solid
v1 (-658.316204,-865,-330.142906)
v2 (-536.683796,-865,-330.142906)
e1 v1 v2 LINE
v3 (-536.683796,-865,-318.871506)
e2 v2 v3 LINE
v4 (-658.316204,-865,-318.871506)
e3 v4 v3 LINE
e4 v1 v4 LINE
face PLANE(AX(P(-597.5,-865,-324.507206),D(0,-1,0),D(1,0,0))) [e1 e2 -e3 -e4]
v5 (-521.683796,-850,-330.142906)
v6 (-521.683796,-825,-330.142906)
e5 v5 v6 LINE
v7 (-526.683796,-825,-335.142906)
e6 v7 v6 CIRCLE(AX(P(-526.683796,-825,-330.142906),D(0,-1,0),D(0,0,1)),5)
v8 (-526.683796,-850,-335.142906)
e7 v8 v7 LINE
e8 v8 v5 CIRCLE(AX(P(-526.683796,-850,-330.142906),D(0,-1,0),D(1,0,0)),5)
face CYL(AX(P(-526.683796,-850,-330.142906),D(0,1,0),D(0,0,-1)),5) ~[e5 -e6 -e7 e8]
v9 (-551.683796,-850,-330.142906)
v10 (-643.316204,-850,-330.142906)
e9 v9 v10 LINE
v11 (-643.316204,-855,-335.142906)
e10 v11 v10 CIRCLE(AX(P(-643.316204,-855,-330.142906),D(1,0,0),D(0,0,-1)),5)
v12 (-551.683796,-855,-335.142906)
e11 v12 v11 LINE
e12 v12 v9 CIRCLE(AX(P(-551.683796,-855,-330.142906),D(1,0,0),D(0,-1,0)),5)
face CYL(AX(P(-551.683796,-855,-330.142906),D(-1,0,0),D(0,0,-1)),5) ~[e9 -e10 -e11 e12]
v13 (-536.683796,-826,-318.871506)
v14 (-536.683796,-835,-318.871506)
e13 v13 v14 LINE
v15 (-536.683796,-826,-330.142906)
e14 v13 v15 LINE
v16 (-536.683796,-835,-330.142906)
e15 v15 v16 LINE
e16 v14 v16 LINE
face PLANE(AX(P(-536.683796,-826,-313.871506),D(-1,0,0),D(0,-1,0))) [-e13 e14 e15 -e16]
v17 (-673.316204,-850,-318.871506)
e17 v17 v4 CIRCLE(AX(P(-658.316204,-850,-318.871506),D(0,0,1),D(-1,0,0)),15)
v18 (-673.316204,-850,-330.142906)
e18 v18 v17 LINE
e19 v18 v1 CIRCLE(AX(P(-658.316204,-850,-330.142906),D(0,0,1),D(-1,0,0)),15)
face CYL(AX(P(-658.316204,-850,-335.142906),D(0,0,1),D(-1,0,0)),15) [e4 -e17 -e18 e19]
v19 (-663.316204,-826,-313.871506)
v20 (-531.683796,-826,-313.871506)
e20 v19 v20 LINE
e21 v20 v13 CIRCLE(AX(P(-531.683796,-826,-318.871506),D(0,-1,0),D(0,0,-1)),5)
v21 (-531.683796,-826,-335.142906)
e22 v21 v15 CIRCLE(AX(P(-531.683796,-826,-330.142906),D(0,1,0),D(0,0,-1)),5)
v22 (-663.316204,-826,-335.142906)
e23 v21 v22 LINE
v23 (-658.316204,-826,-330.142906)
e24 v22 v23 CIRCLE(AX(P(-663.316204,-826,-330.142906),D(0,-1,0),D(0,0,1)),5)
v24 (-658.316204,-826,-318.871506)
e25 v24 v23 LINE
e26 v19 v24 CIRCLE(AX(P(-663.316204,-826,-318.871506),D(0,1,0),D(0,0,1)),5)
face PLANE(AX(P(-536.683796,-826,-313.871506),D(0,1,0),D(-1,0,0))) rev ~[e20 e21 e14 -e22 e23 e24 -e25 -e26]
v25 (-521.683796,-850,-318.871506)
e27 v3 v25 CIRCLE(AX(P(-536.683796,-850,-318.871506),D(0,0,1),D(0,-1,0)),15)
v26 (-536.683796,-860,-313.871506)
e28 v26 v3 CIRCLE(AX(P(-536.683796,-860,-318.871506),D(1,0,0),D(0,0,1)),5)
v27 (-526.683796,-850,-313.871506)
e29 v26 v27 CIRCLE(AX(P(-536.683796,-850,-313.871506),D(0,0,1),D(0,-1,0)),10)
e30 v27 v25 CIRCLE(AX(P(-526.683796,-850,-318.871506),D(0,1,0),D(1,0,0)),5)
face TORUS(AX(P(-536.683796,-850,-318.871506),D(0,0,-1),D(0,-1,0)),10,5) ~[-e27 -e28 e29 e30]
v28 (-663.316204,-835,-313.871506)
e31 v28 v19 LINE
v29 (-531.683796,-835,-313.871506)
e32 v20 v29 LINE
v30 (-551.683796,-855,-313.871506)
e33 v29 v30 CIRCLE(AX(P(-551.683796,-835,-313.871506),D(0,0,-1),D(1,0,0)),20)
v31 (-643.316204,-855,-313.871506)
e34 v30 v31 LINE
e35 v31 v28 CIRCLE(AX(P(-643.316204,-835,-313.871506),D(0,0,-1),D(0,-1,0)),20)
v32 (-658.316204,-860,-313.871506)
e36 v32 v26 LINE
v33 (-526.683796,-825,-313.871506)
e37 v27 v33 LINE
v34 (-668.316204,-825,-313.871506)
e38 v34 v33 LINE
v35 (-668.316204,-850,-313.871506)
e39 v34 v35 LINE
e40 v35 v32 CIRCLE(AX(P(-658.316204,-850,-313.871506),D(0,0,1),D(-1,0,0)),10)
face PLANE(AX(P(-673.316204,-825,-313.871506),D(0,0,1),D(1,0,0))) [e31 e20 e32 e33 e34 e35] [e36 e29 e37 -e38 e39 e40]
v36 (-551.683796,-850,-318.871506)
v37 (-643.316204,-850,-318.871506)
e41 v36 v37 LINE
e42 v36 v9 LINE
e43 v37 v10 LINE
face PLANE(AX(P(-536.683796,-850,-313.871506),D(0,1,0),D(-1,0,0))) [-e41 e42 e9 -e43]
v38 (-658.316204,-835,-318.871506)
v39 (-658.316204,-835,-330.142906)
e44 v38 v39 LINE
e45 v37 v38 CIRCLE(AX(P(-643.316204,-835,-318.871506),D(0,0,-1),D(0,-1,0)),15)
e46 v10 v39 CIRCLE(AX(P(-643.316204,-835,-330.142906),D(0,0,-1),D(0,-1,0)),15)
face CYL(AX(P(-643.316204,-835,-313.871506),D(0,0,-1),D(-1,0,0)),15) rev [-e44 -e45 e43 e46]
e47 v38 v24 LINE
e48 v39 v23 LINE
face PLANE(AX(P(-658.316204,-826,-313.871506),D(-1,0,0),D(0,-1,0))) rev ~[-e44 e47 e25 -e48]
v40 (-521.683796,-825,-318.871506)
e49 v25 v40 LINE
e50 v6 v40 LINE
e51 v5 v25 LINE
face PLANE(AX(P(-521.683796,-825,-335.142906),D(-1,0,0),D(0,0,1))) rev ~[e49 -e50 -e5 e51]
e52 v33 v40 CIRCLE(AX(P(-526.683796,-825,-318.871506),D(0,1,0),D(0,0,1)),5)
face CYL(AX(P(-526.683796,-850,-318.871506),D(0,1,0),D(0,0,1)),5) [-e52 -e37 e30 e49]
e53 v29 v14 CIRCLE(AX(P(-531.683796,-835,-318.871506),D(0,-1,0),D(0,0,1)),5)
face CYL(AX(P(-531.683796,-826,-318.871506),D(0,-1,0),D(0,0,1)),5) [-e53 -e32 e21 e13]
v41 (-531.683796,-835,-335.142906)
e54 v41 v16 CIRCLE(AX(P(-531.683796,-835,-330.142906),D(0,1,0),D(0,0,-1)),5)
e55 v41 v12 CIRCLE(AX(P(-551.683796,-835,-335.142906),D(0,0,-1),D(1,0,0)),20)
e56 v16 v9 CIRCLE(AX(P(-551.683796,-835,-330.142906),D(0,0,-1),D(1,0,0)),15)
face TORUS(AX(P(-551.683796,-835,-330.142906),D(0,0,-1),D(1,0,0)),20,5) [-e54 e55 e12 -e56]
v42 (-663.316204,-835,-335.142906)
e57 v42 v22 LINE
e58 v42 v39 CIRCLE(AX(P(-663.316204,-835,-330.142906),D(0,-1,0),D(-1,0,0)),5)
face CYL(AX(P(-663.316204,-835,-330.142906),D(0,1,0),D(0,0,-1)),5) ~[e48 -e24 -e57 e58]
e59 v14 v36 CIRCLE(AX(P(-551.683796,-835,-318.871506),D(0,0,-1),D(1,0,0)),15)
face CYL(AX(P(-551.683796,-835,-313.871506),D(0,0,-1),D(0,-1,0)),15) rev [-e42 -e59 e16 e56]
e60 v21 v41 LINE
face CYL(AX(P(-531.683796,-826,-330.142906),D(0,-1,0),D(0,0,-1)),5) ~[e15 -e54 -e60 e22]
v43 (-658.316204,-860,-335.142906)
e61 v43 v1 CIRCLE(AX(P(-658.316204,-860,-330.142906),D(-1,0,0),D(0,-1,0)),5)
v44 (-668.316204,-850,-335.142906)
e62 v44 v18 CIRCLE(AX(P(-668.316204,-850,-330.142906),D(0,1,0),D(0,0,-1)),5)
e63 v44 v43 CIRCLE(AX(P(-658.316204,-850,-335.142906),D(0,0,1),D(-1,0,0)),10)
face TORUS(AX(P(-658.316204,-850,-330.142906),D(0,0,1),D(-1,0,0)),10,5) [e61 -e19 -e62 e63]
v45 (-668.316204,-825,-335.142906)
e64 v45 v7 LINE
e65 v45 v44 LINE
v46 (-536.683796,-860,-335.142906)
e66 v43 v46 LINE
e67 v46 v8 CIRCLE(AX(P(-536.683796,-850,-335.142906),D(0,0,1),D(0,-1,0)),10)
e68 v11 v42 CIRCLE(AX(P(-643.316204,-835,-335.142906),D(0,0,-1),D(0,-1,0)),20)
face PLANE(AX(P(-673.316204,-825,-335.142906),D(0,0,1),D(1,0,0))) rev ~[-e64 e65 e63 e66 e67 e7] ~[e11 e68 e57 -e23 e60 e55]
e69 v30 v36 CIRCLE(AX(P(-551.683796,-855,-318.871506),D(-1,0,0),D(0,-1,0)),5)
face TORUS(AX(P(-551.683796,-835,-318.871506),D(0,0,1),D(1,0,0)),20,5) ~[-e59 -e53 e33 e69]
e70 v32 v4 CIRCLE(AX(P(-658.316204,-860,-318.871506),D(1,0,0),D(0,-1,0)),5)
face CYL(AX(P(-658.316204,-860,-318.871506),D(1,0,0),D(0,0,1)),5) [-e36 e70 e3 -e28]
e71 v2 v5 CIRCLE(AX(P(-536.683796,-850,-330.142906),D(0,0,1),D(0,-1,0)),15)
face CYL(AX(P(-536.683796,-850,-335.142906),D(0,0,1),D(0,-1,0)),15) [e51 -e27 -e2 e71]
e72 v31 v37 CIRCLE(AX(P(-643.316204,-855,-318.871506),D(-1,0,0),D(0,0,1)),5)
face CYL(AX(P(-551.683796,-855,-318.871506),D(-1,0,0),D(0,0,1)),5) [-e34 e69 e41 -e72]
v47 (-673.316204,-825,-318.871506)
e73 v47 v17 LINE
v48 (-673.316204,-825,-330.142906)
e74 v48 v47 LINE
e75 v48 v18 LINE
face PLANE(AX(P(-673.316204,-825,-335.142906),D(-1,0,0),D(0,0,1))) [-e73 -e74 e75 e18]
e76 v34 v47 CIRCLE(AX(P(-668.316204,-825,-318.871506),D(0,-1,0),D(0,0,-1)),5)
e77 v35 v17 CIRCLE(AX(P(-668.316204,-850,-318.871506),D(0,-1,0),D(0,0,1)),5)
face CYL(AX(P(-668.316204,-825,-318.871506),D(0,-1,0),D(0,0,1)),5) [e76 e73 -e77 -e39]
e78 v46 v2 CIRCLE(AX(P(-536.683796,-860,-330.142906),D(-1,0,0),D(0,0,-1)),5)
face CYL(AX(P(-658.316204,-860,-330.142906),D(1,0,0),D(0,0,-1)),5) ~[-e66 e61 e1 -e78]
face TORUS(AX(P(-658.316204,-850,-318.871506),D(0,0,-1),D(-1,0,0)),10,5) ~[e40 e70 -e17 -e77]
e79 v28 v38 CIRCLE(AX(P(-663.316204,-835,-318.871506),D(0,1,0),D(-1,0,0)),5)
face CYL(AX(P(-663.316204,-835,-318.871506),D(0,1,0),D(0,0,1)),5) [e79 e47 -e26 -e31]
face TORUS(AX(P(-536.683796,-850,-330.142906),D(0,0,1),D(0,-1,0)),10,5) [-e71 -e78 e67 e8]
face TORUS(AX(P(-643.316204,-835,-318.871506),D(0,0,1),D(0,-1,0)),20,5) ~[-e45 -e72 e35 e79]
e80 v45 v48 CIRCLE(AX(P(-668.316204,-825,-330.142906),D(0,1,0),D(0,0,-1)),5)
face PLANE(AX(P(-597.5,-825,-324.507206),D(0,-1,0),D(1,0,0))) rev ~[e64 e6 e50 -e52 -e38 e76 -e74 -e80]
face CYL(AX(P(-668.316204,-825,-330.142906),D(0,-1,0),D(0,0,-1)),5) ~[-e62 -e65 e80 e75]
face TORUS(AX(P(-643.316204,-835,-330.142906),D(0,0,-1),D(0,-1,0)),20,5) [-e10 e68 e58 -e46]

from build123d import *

# Parameters (mm, degrees)
SKETCH012_W     = 151.632408
SKETCH012_H     = 21.2714
PAD008_DEPTH    = 40
SKETCH013_W     = 121.632408
SKETCH013_H     = 24
POCKET004_DEPTH = 21.2724
FILLET004_R     = 15
FILLET005_R     = 5


with BuildPart() as part:
    # Sketch012 (on Face1 of CopyPocket003) → Pad008 (new body)
    with BuildSketch(Plane.XZ.offset(825)):
        with Locations((-597.5, -324.507206)):
            Rectangle(SKETCH012_W, SKETCH012_H)
    extrude(amount=PAD008_DEPTH)

    # Sketch013 (on Face4 of Pad008) → Pocket004 (cut, through all)
    with BuildSketch(Plane(origin=(0, 0, -313.871506), x_dir=(-1, 0, 0), z_dir=(0, 0, 1))):
        with Locations((597.5, 838)):
            Rectangle(SKETCH013_W, SKETCH013_H)
    extrude(amount=-POCKET004_DEPTH, mode=Mode.SUBTRACT)

    # Fillet004
    fillet004_edges = [part.edges().sort_by_distance(p)[0] for p in [
        (-521.683796, -865, -324.507206),
        (-673.316204, -865, -324.507206),
        (-536.683796, -850, -324.507206),
        (-658.316204, -850, -324.507206),
    ]]
    fillet(fillet004_edges, radius=FILLET004_R)

    # Fillet005
    fillet005_edges = [part.edges().sort_by_distance(p)[0] for p in [
        (-597.5, -865, -313.871506),
        (-597.5, -865, -335.142906),
        (-597.5, -850, -313.871506),
        (-597.5, -850, -335.142906),
    ]]
    fillet(fillet005_edges, radius=FILLET005_R)


solid = part.part
